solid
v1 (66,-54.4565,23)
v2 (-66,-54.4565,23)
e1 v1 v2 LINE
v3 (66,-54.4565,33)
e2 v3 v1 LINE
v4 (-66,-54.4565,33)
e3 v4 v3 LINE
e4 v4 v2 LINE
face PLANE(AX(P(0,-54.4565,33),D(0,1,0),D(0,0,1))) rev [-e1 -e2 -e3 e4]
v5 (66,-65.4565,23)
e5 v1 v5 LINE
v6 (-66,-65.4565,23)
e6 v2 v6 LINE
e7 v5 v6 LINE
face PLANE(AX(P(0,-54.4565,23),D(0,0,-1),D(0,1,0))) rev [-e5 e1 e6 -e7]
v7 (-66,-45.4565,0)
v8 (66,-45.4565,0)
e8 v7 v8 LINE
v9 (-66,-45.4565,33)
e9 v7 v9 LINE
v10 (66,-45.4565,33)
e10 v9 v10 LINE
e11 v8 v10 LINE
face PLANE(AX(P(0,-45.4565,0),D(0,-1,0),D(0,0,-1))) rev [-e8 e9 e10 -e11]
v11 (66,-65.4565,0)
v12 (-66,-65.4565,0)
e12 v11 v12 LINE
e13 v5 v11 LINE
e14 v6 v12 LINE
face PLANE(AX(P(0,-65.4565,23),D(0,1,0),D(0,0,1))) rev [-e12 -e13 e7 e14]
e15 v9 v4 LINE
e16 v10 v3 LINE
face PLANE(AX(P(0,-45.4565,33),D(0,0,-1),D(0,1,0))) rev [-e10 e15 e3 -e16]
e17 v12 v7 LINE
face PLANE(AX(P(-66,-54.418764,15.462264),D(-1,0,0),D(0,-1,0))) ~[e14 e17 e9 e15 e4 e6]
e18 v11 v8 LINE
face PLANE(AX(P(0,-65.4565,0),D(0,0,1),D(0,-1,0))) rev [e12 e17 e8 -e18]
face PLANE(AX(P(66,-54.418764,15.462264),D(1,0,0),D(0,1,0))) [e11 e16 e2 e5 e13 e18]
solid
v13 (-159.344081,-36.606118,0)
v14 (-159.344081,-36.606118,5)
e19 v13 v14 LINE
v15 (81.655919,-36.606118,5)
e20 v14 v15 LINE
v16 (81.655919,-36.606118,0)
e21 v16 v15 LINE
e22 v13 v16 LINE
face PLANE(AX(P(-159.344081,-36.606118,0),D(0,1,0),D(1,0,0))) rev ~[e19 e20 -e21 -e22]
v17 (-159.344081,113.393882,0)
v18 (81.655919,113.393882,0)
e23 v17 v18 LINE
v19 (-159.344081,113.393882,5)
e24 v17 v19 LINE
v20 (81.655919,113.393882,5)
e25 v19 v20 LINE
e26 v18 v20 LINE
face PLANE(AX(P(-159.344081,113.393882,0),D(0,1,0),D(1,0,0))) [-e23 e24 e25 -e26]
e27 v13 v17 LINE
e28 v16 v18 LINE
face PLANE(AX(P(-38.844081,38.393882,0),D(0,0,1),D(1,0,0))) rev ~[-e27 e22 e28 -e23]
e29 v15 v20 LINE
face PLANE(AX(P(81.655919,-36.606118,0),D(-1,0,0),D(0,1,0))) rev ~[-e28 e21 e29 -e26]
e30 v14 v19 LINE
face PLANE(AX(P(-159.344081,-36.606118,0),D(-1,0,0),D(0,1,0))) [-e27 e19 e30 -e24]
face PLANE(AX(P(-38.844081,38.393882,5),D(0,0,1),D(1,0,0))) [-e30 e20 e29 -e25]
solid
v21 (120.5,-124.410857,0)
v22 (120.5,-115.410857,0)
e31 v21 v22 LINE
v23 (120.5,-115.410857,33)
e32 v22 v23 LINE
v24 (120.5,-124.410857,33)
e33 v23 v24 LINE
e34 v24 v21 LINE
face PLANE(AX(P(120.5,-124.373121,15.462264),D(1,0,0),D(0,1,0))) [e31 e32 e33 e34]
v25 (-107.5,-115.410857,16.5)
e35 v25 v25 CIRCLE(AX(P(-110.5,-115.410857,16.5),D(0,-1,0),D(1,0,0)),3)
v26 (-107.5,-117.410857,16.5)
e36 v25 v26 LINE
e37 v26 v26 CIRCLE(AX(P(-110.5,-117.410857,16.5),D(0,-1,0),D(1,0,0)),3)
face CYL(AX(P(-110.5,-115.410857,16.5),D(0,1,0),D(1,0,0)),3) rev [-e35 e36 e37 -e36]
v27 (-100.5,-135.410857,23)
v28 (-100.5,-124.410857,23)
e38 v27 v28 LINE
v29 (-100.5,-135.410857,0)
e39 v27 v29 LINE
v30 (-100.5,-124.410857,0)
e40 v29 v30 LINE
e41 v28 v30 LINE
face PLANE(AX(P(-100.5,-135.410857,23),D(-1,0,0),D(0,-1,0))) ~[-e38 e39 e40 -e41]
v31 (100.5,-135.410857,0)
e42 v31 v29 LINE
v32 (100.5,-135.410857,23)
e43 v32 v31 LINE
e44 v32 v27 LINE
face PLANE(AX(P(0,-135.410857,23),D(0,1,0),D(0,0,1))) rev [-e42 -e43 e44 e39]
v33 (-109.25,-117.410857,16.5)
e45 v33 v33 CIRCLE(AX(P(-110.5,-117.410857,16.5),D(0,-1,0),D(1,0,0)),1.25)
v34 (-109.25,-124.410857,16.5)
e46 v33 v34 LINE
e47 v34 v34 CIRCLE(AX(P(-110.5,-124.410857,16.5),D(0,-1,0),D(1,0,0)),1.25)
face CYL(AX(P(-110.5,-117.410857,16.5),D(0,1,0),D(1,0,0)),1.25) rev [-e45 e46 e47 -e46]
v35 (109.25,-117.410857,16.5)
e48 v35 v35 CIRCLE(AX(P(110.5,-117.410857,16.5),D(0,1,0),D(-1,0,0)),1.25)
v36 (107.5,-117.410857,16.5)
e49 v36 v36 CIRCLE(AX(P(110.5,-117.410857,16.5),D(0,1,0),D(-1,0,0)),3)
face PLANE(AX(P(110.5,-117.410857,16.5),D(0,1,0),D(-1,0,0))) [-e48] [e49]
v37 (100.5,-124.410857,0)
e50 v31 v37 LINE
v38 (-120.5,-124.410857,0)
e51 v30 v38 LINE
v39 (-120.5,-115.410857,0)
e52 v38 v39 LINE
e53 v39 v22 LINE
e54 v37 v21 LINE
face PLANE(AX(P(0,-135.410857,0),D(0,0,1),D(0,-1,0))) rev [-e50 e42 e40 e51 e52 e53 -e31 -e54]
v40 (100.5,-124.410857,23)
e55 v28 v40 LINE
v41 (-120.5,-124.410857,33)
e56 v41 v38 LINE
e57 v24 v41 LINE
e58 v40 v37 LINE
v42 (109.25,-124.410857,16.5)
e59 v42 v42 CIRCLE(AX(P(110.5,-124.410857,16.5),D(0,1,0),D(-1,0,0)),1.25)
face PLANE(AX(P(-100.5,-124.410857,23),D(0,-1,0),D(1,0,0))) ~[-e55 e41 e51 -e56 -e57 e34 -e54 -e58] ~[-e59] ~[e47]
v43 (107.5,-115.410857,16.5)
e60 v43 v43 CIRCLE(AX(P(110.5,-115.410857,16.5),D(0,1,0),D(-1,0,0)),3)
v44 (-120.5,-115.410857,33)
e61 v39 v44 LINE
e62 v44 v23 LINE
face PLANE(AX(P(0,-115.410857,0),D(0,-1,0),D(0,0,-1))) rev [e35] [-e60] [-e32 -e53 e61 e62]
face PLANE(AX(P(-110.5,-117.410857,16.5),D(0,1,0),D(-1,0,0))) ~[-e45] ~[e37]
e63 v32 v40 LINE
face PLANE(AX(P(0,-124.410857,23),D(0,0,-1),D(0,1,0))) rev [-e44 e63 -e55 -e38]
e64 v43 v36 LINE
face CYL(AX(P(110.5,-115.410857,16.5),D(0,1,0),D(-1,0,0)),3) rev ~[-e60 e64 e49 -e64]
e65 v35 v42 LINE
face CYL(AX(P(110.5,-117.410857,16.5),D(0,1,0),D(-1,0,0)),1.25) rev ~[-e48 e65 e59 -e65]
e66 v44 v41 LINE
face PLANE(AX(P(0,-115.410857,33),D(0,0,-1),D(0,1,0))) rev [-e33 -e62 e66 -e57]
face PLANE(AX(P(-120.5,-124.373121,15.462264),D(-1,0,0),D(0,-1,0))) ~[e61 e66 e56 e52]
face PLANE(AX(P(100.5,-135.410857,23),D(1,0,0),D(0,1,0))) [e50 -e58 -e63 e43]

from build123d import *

# Parameters (mm, degrees)
F0_W      = 241
F0_H      = 150
F1_DEPTH  = 5
F3_DEPTH  = 120.5
F4_W      = 20
F4_H      = 11
F5_DEPTH  = 23.001
F7_DEPTH  = 66
F9_R      = 3
F10_DEPTH = 2
F11_R     = 1.25
F12_DEPTH = 18.001


with BuildPart() as f1:
    # F0 (on Top) → F1 (new body)
    with BuildSketch(Plane.XY):
        with Locations((-38.844081, 38.393882)):
            Rectangle(F0_W, F0_H)
    extrude(amount=F1_DEPTH)


with BuildPart() as f3:
    # F2 (on Right) → F3 (new body)
    with BuildSketch(Plane.YZ):
        Polygon((-135.410857, 0), (-115.410857, 0), (-115.410857, 33), (-124.410857, 33), (-124.410857, 23), (-135.410857, 23), align=None)
    extrude(amount=F3_DEPTH)

    # F4 (on face) → F5 (cut, through all)
    with BuildSketch(Plane.XY.offset(23)):
        with Locations((110.5, -129.910857)):
            Rectangle(F4_W, F4_H)
    extrude(amount=-F5_DEPTH, mode=Mode.SUBTRACT)

    # F9 (on face) → F10 (cut)
    with BuildSketch(Plane(origin=(0, -115.410857, 0), x_dir=(-1, 0, 0), z_dir=(0, 1, 0))):
        with Locations((-110.5, 16.5)):
            Circle(F9_R)
    extrude(amount=-F10_DEPTH, mode=Mode.SUBTRACT)

    # F11 (on face) → F12 (cut, through all)
    with BuildSketch(Plane(origin=(0, -117.410857, 0), x_dir=(-1, 0, 0), z_dir=(0, 1, 0))):
        with Locations((-110.5, 16.5)):
            Circle(F11_R)
    extrude(amount=-F12_DEPTH, mode=Mode.SUBTRACT)

    # F13: F3 across plane


with BuildPart() as f7:
    # F6 (on Right) → F7 (new body)
    with BuildSketch(Plane.YZ):
        Polygon((-65.4565, 0), (-45.4565, 0), (-45.4565, 33), (-54.4565, 33), (-54.4565, 23), (-65.4565, 23), align=None)
    extrude(amount=F7_DEPTH)

    # F8: F7 across plane


with BuildPart() as f7_1:
    add(f7.part)
    add(f7.part.mirror(Plane.YZ))


with BuildPart() as f3_1:
    add(f3.part)
    add(f3.part.mirror(Plane.YZ))


solid = Compound([f1.part, f7_1.part, f3_1.part])
